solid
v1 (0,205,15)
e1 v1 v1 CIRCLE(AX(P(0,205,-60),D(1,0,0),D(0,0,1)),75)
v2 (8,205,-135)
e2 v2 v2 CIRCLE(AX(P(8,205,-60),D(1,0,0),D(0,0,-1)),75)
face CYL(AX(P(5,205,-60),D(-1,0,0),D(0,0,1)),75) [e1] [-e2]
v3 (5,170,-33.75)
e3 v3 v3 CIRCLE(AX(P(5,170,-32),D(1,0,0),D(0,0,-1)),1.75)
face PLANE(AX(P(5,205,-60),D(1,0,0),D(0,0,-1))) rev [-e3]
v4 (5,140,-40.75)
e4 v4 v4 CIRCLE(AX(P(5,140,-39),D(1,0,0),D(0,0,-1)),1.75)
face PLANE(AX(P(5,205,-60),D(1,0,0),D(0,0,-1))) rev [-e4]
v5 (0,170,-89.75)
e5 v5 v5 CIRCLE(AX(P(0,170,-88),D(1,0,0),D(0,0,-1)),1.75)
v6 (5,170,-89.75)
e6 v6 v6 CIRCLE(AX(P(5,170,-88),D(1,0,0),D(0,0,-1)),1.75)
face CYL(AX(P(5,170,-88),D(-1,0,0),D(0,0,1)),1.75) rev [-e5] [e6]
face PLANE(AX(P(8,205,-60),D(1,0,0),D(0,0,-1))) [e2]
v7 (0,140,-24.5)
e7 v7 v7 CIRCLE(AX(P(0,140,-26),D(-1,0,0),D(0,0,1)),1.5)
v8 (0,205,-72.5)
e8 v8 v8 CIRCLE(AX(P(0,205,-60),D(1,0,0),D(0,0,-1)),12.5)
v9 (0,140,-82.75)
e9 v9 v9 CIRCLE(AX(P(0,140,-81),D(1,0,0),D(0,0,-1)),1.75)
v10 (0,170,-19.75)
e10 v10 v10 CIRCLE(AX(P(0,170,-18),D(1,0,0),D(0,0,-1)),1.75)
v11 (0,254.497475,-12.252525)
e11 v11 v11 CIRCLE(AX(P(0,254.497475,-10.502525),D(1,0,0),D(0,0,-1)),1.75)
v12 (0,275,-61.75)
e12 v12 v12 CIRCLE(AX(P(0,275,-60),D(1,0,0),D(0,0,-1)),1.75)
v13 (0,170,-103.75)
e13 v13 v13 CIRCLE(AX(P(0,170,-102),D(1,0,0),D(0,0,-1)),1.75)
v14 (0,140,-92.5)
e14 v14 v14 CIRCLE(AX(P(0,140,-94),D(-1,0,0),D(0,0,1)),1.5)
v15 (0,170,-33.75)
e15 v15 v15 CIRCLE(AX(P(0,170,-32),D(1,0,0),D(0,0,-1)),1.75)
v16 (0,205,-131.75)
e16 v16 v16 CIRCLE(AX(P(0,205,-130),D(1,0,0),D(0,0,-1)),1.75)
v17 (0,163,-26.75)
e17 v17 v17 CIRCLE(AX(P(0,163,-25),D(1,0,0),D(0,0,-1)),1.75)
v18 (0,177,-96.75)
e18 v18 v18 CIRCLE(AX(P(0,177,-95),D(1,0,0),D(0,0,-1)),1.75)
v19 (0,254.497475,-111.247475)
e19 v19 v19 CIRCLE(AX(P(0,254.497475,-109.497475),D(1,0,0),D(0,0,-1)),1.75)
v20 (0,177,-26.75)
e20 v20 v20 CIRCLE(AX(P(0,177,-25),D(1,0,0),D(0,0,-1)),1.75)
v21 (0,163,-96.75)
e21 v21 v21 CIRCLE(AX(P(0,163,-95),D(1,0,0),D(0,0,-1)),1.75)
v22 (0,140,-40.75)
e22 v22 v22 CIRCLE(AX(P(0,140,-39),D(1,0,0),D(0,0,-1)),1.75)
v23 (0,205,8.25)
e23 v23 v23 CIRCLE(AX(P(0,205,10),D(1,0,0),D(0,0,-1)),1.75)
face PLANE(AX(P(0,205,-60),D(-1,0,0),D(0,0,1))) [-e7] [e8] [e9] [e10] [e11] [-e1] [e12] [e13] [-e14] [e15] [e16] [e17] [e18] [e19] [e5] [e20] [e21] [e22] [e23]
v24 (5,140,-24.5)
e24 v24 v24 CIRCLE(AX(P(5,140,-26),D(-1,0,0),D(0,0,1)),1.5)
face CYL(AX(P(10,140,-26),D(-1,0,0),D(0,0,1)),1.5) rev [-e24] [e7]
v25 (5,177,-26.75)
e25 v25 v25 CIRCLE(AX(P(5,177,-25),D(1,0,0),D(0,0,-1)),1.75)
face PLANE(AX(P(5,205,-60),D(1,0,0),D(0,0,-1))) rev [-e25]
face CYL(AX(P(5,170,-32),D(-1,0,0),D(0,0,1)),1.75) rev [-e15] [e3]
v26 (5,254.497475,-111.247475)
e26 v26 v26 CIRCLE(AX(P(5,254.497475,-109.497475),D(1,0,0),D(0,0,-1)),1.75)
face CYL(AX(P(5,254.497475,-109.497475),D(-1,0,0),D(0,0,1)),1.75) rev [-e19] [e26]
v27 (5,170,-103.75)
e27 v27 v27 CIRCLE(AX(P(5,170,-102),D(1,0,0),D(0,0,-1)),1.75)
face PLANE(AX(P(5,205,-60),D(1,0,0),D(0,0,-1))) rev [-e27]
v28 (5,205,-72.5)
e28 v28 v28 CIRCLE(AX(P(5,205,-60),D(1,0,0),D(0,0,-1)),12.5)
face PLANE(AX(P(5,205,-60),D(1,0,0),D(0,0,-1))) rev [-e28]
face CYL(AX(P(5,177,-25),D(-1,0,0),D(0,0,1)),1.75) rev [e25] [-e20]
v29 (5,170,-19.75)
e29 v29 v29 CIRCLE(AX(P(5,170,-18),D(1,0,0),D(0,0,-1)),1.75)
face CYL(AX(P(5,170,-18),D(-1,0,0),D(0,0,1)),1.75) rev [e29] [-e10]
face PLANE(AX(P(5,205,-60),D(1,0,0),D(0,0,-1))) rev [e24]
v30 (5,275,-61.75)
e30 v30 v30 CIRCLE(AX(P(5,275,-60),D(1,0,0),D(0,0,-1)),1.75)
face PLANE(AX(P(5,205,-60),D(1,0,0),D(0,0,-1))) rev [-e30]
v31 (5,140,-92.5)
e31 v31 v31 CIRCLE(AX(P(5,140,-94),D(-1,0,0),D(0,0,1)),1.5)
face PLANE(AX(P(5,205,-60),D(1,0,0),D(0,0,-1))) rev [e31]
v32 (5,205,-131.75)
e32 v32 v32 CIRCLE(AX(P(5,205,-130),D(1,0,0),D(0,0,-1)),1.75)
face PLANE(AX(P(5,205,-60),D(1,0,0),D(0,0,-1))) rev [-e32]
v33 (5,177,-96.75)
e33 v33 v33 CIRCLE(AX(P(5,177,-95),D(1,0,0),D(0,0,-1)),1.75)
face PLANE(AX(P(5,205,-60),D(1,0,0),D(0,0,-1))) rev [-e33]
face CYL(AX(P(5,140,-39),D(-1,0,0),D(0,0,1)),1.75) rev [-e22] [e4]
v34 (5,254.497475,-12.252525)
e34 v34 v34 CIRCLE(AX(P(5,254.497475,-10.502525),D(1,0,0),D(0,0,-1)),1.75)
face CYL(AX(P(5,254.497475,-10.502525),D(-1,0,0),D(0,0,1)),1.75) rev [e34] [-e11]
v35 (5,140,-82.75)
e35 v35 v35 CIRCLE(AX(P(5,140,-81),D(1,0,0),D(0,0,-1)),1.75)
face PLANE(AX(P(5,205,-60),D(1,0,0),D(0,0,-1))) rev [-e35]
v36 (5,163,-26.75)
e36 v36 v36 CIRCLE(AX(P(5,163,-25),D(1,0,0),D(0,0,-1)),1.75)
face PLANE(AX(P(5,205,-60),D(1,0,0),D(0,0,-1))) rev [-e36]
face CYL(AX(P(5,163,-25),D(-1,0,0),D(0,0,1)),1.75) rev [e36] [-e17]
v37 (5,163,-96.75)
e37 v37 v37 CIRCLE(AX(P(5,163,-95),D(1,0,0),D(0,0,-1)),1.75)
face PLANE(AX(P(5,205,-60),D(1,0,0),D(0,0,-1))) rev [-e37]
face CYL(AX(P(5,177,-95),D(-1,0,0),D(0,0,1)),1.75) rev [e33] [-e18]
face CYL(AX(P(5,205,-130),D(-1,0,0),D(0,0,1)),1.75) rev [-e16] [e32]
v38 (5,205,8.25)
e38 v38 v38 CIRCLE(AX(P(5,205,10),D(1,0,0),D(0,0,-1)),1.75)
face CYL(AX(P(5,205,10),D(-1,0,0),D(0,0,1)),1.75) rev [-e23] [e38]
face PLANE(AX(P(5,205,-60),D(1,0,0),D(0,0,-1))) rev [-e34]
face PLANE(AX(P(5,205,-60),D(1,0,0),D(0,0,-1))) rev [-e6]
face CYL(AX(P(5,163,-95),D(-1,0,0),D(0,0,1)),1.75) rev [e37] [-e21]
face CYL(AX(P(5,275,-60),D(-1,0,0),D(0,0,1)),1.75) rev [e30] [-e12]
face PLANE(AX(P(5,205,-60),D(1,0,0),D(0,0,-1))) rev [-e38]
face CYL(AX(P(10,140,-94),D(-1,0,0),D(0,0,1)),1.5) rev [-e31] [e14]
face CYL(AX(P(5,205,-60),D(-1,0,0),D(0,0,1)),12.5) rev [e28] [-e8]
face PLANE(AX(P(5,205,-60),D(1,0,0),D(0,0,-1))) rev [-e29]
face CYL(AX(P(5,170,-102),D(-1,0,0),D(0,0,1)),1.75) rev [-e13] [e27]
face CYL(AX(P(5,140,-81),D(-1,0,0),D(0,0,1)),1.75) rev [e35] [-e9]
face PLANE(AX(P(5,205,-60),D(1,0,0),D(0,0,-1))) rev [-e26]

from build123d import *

# Parameters (mm, degrees)
SKETCH_1_R          = 12.5
SKETCH_1_R_2        = 1.75
EXTRUDE_1_DEPTH     = 5
FILLET_1_R          = 5
SKETCH_3_R          = 1.1
CUT_EXTRUDE_2_DEPTH = 10
SKETCH_4_R          = 1.5
CUT_EXTRUDE_3_DEPTH = 10
EXTRUDE1_DEPTH      = 311.885831134
SKETCH2_R           = 75
EXTRUDE2_DEPTH      = 3


with BuildPart() as part:
    # 草图1 → 凸台-拉伸1 (new body)
    with BuildSketch(Plane(origin=(0, 0, 0), x_dir=(0, 0, -1), z_dir=(1, 0, 0))):
        with BuildLine():
            Line((0, 0), (0, 160))
            ThreePointArc((0, 160), (60, 280), (120, 160))
            Line((120, 160), (120, 0))
            Line((120, 0), (0, 0))
        make_face()
        with Locations((60, 205)):
            Circle(SKETCH_1_R, mode=Mode.SUBTRACT)
        with Locations((25, 177)):
            Circle(SKETCH_1_R_2, mode=Mode.SUBTRACT)
        with Locations((32, 170)):
            Circle(SKETCH_1_R_2, mode=Mode.SUBTRACT)
        with Locations((25, 163)):
            Circle(SKETCH_1_R_2, mode=Mode.SUBTRACT)
        with Locations((18, 170)):
            Circle(SKETCH_1_R_2, mode=Mode.SUBTRACT)
        with Locations((95, 177)):
            Circle(SKETCH_1_R_2, mode=Mode.SUBTRACT)
        with Locations((102, 170)):
            Circle(SKETCH_1_R_2, mode=Mode.SUBTRACT)
        with Locations((95, 163)):
            Circle(SKETCH_1_R_2, mode=Mode.SUBTRACT)
        with Locations((88, 170)):
            Circle(SKETCH_1_R_2, mode=Mode.SUBTRACT)
        with Locations((39, 140)):
            Circle(SKETCH_1_R_2, mode=Mode.SUBTRACT)
        with Locations((81, 140)):
            Circle(SKETCH_1_R_2, mode=Mode.SUBTRACT)
        with Locations((60, 275)):
            Circle(SKETCH_1_R_2, mode=Mode.SUBTRACT)
        with Locations((-10, 205)):
            Circle(SKETCH_1_R_2, mode=Mode.SUBTRACT)
        with Locations((130, 205)):
            Circle(SKETCH_1_R_2, mode=Mode.SUBTRACT)
        with Locations((10.502525317, 254.497474683)):
            Circle(SKETCH_1_R_2, mode=Mode.SUBTRACT)
        with Locations((109.497474683, 254.497474683)):
            Circle(SKETCH_1_R_2, mode=Mode.SUBTRACT)
        with Locations((5, 5)):
            Circle(SKETCH_1_R_2, mode=Mode.SUBTRACT)
        with Locations((115, 5)):
            Circle(SKETCH_1_R_2, mode=Mode.SUBTRACT)
        with Locations((5, 120)):
            Circle(SKETCH_1_R_2, mode=Mode.SUBTRACT)
        with Locations((115, 120)):
            Circle(SKETCH_1_R_2, mode=Mode.SUBTRACT)
        with BuildLine():
            Line((40.5, 81), (40.5, 59))
            ThreePointArc((40.5, 59), (39, 57.5), (37.5, 59))
            Line((37.5, 59), (37.5, 81))
            ThreePointArc((37.5, 81), (39, 82.5), (40.5, 81))
        make_face(mode=Mode.SUBTRACT)
        with BuildLine():
            Line((79.5, 81), (79.5, 59))
            ThreePointArc((79.5, 59), (81, 57.5), (82.5, 59))
            Line((82.5, 59), (82.5, 81))
            ThreePointArc((82.5, 81), (81, 82.5), (79.5, 81))
        make_face(mode=Mode.SUBTRACT)
    extrude(amount=EXTRUDE_1_DEPTH)

    # 圆角1
    fillet_1_edges = [part.edges().sort_by_distance(p)[0] for p in [
        (2.5, 0, 0),
        (2.5, 160, 0),
        (2.5, 160, -120),
        (2.5, 0, -120),
    ]]
    fillet(fillet_1_edges, radius=FILLET_1_R)

    # 草图3 → 切除-拉伸2 (cut)
    with BuildSketch(Plane.ZY):
        with Locations((-45.818141739, 127.45827935)):
            Circle(SKETCH_3_R)
        with Locations((-61.818141739, 127.45827935)):
            Circle(SKETCH_3_R)
        with Locations((-45.818141739, 91.45827935)):
            Circle(SKETCH_3_R)
        with Locations((-61.818141739, 91.45827935)):
            Circle(SKETCH_3_R)
        with BuildLine():
            Line((-20, 46.75), (-30, 46.75))
            ThreePointArc((-30, 46.75), (-31.75, 48.5), (-30, 50.25))
            Line((-30, 50.25), (-20, 50.25))
            ThreePointArc((-20, 50.25), (-18.25, 48.5), (-20, 46.75))
        make_face()
        with BuildLine():
            Line((-90, 46.75), (-100, 46.75))
            ThreePointArc((-100, 46.75), (-101.75, 48.5), (-100, 50.25))
            Line((-100, 50.25), (-90, 50.25))
            ThreePointArc((-90, 50.25), (-88.25, 48.5), (-90, 46.75))
        make_face()
        with BuildLine():
            Line((-20, 8.25), (-30, 8.25))
            ThreePointArc((-30, 8.25), (-31.75, 10), (-30, 11.75))
            Line((-30, 11.75), (-20, 11.75))
            ThreePointArc((-20, 11.75), (-18.25, 10), (-20, 8.25))
        make_face()
        with BuildLine():
            Line((-90, 8.25), (-100, 8.25))
            ThreePointArc((-100, 8.25), (-101.75, 10), (-100, 11.75))
            Line((-100, 11.75), (-90, 11.75))
            ThreePointArc((-90, 11.75), (-88.25, 10), (-90, 8.25))
        make_face()
    extrude(amount=-CUT_EXTRUDE_2_DEPTH, mode=Mode.SUBTRACT)

    # 草图4 → 切除-拉伸3 (cut)
    with BuildSketch(Plane.ZY):
        with Locations((-16.118918229, 88.740617872)):
            Circle(SKETCH_4_R)
        with Locations((-16.118918229, 64.240617872)):
            Circle(SKETCH_4_R)
        with Locations((-94, 140)):
            Circle(SKETCH_4_R)
        with Locations((-26, 140)):
            Circle(SKETCH_4_R)
        with Locations((-94, 82)):
            Circle(SKETCH_4_R)
        with Locations((-26, 82)):
            Circle(SKETCH_4_R)
    extrude(amount=-CUT_EXTRUDE_3_DEPTH, mode=Mode.SUBTRACT)

    # Sketch1 → Extrude1 (cut, through all)
    with BuildSketch(Plane.ZY):
        with BuildLine():
            Line((0.9375, 161.277910689), (0.9375, -17.17747431))
            Line((0.9375, -17.17747431), (-120, -17.17747431))
            Line((-120, -17.17747431), (-120.9375, 161.277910689))
            ThreePointArc((-120.9375, 161.277910689), (-60, 130), (0.9375, 161.277910689))
        make_face()
    extrude(amount=-EXTRUDE1_DEPTH, mode=Mode.SUBTRACT)

    # Sketch2 → Extrude2 (add)
    with BuildSketch(Plane(origin=(5, 0, 0), x_dir=(0, 0, -1), z_dir=(1, 0, 0))):
        with Locations(Location((60, 205, 0), (0, 0, 180))):
            Circle(SKETCH2_R)
    extrude(amount=EXTRUDE2_DEPTH)


solid = part.part
